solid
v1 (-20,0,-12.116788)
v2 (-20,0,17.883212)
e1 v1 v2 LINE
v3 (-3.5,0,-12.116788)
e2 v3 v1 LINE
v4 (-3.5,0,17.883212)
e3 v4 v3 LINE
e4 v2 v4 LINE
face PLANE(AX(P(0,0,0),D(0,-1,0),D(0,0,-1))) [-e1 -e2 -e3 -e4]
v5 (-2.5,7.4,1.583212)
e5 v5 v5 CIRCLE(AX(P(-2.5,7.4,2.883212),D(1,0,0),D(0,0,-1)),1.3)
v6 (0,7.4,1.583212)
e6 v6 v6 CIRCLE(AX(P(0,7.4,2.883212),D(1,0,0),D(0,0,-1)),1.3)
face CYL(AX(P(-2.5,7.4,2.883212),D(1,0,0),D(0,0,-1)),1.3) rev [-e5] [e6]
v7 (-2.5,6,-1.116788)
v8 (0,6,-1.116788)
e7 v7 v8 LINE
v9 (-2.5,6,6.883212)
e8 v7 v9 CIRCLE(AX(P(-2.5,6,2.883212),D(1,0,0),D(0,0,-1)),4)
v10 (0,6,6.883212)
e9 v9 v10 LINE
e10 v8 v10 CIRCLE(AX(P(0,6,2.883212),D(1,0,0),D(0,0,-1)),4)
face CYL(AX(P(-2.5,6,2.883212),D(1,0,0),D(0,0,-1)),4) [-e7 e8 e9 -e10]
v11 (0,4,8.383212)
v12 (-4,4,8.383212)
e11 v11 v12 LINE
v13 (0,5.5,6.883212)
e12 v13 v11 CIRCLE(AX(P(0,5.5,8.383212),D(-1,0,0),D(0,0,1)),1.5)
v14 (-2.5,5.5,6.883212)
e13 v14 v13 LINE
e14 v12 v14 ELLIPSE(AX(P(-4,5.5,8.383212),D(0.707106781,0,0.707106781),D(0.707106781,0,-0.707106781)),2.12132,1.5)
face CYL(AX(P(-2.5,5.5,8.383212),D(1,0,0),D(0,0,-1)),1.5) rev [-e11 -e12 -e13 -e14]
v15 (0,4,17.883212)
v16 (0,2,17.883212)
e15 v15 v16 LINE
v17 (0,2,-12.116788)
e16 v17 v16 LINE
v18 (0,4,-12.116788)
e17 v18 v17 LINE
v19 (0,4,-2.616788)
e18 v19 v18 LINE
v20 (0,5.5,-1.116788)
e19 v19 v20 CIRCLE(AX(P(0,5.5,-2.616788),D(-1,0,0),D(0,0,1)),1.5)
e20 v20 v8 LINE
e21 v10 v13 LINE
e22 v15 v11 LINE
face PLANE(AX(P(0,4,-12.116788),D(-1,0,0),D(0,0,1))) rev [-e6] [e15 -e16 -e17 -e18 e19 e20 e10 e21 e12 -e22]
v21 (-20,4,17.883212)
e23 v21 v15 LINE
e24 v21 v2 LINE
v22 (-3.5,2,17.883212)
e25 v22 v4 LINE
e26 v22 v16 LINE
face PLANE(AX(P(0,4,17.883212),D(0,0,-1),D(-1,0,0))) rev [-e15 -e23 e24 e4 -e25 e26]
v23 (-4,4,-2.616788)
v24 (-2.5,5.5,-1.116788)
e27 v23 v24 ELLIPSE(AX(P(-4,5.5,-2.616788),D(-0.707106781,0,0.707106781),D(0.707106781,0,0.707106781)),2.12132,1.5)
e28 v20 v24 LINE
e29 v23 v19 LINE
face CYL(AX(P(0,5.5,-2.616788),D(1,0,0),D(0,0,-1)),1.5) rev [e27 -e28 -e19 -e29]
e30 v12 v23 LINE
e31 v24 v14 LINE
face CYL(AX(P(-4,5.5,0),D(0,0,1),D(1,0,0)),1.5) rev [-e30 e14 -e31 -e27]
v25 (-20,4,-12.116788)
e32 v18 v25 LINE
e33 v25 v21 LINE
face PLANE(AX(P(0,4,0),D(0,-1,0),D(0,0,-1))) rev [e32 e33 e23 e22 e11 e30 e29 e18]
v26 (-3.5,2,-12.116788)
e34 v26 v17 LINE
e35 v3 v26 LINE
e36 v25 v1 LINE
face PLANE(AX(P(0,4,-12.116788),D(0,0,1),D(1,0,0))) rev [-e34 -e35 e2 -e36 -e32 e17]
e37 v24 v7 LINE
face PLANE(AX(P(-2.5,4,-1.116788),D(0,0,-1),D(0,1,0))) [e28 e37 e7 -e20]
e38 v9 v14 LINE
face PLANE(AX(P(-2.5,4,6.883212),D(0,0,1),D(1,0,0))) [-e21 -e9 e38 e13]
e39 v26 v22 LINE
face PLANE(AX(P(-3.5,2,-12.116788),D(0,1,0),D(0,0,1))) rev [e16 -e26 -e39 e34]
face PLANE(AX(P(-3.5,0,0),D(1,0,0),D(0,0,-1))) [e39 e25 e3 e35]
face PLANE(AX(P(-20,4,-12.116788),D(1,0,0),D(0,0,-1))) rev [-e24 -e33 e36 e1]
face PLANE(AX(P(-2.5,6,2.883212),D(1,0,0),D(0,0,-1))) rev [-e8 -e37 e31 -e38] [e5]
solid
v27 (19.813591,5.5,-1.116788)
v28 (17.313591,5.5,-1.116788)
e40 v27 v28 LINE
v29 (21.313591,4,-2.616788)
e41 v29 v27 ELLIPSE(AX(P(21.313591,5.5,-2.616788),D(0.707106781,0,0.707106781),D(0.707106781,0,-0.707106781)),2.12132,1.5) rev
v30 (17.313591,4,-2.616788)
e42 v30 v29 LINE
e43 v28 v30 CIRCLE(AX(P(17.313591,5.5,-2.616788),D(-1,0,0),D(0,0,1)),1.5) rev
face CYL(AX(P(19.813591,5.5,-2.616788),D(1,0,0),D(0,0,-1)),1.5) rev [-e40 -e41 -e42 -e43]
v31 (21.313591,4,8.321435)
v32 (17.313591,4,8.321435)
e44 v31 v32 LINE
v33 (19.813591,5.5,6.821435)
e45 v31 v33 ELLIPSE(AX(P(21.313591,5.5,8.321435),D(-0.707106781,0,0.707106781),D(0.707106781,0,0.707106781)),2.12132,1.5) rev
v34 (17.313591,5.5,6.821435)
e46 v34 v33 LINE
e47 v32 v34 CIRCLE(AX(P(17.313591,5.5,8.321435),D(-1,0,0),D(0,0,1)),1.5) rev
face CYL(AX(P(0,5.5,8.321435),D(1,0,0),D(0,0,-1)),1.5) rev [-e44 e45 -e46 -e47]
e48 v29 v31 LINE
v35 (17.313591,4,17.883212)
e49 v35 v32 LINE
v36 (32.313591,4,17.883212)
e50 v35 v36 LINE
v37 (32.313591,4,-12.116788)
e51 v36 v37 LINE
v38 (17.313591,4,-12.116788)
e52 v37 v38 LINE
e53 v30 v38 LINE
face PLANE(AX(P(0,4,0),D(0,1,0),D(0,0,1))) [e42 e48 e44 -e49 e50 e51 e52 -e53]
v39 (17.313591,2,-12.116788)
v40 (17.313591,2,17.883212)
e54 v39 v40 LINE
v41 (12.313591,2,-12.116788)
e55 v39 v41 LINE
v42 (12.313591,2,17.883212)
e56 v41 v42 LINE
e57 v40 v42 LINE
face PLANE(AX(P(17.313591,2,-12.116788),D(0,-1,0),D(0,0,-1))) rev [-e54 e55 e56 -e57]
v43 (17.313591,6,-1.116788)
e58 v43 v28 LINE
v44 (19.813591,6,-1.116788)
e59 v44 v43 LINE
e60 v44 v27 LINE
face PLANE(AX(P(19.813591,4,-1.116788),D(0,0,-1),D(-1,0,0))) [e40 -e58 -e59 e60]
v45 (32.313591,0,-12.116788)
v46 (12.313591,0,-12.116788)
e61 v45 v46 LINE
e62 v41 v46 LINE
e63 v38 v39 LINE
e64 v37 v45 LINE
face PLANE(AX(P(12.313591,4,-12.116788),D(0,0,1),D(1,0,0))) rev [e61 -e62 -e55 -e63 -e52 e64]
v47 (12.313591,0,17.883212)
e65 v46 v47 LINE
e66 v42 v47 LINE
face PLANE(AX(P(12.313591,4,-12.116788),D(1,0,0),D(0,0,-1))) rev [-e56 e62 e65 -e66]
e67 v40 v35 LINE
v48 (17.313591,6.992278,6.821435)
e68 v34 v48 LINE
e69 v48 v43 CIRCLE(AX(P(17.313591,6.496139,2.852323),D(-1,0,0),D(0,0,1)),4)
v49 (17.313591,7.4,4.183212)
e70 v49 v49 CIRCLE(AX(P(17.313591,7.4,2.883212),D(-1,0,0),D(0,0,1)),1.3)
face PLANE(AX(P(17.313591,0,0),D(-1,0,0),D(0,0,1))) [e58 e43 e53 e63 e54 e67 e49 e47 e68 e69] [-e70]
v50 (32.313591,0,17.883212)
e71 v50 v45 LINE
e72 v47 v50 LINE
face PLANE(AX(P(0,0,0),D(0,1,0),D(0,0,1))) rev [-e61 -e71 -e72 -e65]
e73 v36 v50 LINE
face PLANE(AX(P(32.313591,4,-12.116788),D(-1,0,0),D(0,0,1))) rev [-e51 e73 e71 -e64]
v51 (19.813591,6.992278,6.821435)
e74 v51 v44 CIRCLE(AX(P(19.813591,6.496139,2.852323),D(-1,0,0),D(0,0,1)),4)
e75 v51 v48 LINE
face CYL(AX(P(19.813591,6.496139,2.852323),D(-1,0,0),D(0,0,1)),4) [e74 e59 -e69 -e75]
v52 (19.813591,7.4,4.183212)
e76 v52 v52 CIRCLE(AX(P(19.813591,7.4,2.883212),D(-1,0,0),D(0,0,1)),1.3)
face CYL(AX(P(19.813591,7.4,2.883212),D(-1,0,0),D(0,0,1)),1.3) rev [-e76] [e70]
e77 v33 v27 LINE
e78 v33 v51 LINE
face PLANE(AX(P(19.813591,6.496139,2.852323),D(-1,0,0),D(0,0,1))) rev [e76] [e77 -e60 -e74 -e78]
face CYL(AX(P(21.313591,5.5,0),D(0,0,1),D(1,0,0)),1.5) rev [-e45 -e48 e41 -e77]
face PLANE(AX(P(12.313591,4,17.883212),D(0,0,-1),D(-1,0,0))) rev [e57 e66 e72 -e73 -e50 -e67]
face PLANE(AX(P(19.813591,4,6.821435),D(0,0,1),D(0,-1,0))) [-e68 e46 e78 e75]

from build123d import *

# Parameters (mm, degrees)
SKETCH1_W             = 20
SKETCH1_H             = 30
BOSS_EXTRUDE2_DEPTH   = 4
BOSS_EXTRUDE2_2_DEPTH = 4
SKETCH2_W             = 30
SKETCH2_H             = 2
CUT_EXTRUDE1_DEPTH    = 3.5
SKETCH3_W             = 30
SKETCH3_H             = 2
CUT_EXTRUDE2_DEPTH    = 5
SKETCH4_R             = 1.3
BOSS_EXTRUDE3_DEPTH   = 2.5
SKETCH5_R             = 1.3
BOSS_EXTRUDE4_DEPTH   = 2.5
FILLET1_R             = 1.5
FILLET2_R             = 1.5


with BuildPart() as part:
    # Sketch1 → Boss-Extrude2 (new body)
    with BuildSketch(Plane(origin=(0, 0, 0), x_dir=(1, 0, 0), z_dir=(0, 1, 0))):
        with Locations((-10, -2.883211679)):
            Rectangle(SKETCH1_W, SKETCH1_H)
    extrude(amount=BOSS_EXTRUDE2_DEPTH)

    # Sketch2 → Cut-Extrude1 (cut)
    with BuildSketch(Plane(origin=(0, 0, 0), x_dir=(0, 0, -1), z_dir=(1, 0, 0))):
        with Locations((-2.883211679, 1)):
            Rectangle(SKETCH2_W, SKETCH2_H)
    extrude(amount=-CUT_EXTRUDE1_DEPTH, mode=Mode.SUBTRACT)

    # Sketch4 → Boss-Extrude3 (add)
    with BuildSketch(Plane(origin=(0, 0, 0), x_dir=(0, 0, -1), z_dir=(1, 0, 0))):
        with BuildLine():
            Line((-6.883211679, 4), (1.116788321, 4))
            Line((1.116788321, 4), (1.116788321, 6))
            ThreePointArc((1.116788321, 6), (-2.883211679, 10), (-6.883211679, 6))
            Line((-6.883211679, 6), (-6.883211679, 4))
        make_face()
        with Locations((-2.883211679, 7.4)):
            Circle(SKETCH4_R, mode=Mode.SUBTRACT)
    extrude(amount=-BOSS_EXTRUDE3_DEPTH)

    # Fillet1
    fillet1_edges = [part.edges().sort_by_distance(p)[0] for p in [
        (-1.25, 4, 6.883211679),
        (-2.5, 4, 2.883211679),
        (-1.25, 4, -1.116788321),
    ]]
    fillet(fillet1_edges, radius=FILLET1_R)


with BuildPart() as body_2:
    # Sketch1 → Boss-Extrude2 2 (new body)
    with BuildSketch(Plane(origin=(0, 0, 0), x_dir=(1, 0, 0), z_dir=(0, 1, 0))):
        with Locations((22.313591297, -2.883211679)):
            Rectangle(SKETCH1_W, SKETCH1_H)
    extrude(amount=BOSS_EXTRUDE2_2_DEPTH)

    # Sketch3 → Cut-Extrude2 (cut)
    with BuildSketch(Plane.ZY.offset(-12.313591297)):
        with Locations((2.883211679, 3)):
            Rectangle(SKETCH3_W, SKETCH3_H)
    extrude(amount=-CUT_EXTRUDE2_DEPTH, mode=Mode.SUBTRACT)

    # Sketch5 → Boss-Extrude4 (add)
    with BuildSketch(Plane.ZY.offset(-17.313591297)):
        with BuildLine():
            Line((-1.116788321, 4), (6.821434693, 4))
            Line((6.821434693, 4), (6.821434693, 6.992277877))
            ThreePointArc((6.821434693, 6.992277877), (2.356184247, 10.465250445), (-1.116788321, 6))
            Line((-1.116788321, 6), (-1.116788321, 4))
        make_face()
        with Locations((2.883211679, 7.4)):
            Circle(SKETCH5_R, mode=Mode.SUBTRACT)
    extrude(amount=-BOSS_EXTRUDE4_DEPTH)

    # Fillet2
    fillet2_edges = [body_2.edges().sort_by_distance(p)[0] for p in [
        (18.563591297, 4, -1.116788321),
        (19.813591297, 4, 2.852323186),
        (18.563591297, 4, 6.821434693),
    ]]
    fillet(fillet2_edges, radius=FILLET2_R)


solid = Compound([part.part, body_2.part])
